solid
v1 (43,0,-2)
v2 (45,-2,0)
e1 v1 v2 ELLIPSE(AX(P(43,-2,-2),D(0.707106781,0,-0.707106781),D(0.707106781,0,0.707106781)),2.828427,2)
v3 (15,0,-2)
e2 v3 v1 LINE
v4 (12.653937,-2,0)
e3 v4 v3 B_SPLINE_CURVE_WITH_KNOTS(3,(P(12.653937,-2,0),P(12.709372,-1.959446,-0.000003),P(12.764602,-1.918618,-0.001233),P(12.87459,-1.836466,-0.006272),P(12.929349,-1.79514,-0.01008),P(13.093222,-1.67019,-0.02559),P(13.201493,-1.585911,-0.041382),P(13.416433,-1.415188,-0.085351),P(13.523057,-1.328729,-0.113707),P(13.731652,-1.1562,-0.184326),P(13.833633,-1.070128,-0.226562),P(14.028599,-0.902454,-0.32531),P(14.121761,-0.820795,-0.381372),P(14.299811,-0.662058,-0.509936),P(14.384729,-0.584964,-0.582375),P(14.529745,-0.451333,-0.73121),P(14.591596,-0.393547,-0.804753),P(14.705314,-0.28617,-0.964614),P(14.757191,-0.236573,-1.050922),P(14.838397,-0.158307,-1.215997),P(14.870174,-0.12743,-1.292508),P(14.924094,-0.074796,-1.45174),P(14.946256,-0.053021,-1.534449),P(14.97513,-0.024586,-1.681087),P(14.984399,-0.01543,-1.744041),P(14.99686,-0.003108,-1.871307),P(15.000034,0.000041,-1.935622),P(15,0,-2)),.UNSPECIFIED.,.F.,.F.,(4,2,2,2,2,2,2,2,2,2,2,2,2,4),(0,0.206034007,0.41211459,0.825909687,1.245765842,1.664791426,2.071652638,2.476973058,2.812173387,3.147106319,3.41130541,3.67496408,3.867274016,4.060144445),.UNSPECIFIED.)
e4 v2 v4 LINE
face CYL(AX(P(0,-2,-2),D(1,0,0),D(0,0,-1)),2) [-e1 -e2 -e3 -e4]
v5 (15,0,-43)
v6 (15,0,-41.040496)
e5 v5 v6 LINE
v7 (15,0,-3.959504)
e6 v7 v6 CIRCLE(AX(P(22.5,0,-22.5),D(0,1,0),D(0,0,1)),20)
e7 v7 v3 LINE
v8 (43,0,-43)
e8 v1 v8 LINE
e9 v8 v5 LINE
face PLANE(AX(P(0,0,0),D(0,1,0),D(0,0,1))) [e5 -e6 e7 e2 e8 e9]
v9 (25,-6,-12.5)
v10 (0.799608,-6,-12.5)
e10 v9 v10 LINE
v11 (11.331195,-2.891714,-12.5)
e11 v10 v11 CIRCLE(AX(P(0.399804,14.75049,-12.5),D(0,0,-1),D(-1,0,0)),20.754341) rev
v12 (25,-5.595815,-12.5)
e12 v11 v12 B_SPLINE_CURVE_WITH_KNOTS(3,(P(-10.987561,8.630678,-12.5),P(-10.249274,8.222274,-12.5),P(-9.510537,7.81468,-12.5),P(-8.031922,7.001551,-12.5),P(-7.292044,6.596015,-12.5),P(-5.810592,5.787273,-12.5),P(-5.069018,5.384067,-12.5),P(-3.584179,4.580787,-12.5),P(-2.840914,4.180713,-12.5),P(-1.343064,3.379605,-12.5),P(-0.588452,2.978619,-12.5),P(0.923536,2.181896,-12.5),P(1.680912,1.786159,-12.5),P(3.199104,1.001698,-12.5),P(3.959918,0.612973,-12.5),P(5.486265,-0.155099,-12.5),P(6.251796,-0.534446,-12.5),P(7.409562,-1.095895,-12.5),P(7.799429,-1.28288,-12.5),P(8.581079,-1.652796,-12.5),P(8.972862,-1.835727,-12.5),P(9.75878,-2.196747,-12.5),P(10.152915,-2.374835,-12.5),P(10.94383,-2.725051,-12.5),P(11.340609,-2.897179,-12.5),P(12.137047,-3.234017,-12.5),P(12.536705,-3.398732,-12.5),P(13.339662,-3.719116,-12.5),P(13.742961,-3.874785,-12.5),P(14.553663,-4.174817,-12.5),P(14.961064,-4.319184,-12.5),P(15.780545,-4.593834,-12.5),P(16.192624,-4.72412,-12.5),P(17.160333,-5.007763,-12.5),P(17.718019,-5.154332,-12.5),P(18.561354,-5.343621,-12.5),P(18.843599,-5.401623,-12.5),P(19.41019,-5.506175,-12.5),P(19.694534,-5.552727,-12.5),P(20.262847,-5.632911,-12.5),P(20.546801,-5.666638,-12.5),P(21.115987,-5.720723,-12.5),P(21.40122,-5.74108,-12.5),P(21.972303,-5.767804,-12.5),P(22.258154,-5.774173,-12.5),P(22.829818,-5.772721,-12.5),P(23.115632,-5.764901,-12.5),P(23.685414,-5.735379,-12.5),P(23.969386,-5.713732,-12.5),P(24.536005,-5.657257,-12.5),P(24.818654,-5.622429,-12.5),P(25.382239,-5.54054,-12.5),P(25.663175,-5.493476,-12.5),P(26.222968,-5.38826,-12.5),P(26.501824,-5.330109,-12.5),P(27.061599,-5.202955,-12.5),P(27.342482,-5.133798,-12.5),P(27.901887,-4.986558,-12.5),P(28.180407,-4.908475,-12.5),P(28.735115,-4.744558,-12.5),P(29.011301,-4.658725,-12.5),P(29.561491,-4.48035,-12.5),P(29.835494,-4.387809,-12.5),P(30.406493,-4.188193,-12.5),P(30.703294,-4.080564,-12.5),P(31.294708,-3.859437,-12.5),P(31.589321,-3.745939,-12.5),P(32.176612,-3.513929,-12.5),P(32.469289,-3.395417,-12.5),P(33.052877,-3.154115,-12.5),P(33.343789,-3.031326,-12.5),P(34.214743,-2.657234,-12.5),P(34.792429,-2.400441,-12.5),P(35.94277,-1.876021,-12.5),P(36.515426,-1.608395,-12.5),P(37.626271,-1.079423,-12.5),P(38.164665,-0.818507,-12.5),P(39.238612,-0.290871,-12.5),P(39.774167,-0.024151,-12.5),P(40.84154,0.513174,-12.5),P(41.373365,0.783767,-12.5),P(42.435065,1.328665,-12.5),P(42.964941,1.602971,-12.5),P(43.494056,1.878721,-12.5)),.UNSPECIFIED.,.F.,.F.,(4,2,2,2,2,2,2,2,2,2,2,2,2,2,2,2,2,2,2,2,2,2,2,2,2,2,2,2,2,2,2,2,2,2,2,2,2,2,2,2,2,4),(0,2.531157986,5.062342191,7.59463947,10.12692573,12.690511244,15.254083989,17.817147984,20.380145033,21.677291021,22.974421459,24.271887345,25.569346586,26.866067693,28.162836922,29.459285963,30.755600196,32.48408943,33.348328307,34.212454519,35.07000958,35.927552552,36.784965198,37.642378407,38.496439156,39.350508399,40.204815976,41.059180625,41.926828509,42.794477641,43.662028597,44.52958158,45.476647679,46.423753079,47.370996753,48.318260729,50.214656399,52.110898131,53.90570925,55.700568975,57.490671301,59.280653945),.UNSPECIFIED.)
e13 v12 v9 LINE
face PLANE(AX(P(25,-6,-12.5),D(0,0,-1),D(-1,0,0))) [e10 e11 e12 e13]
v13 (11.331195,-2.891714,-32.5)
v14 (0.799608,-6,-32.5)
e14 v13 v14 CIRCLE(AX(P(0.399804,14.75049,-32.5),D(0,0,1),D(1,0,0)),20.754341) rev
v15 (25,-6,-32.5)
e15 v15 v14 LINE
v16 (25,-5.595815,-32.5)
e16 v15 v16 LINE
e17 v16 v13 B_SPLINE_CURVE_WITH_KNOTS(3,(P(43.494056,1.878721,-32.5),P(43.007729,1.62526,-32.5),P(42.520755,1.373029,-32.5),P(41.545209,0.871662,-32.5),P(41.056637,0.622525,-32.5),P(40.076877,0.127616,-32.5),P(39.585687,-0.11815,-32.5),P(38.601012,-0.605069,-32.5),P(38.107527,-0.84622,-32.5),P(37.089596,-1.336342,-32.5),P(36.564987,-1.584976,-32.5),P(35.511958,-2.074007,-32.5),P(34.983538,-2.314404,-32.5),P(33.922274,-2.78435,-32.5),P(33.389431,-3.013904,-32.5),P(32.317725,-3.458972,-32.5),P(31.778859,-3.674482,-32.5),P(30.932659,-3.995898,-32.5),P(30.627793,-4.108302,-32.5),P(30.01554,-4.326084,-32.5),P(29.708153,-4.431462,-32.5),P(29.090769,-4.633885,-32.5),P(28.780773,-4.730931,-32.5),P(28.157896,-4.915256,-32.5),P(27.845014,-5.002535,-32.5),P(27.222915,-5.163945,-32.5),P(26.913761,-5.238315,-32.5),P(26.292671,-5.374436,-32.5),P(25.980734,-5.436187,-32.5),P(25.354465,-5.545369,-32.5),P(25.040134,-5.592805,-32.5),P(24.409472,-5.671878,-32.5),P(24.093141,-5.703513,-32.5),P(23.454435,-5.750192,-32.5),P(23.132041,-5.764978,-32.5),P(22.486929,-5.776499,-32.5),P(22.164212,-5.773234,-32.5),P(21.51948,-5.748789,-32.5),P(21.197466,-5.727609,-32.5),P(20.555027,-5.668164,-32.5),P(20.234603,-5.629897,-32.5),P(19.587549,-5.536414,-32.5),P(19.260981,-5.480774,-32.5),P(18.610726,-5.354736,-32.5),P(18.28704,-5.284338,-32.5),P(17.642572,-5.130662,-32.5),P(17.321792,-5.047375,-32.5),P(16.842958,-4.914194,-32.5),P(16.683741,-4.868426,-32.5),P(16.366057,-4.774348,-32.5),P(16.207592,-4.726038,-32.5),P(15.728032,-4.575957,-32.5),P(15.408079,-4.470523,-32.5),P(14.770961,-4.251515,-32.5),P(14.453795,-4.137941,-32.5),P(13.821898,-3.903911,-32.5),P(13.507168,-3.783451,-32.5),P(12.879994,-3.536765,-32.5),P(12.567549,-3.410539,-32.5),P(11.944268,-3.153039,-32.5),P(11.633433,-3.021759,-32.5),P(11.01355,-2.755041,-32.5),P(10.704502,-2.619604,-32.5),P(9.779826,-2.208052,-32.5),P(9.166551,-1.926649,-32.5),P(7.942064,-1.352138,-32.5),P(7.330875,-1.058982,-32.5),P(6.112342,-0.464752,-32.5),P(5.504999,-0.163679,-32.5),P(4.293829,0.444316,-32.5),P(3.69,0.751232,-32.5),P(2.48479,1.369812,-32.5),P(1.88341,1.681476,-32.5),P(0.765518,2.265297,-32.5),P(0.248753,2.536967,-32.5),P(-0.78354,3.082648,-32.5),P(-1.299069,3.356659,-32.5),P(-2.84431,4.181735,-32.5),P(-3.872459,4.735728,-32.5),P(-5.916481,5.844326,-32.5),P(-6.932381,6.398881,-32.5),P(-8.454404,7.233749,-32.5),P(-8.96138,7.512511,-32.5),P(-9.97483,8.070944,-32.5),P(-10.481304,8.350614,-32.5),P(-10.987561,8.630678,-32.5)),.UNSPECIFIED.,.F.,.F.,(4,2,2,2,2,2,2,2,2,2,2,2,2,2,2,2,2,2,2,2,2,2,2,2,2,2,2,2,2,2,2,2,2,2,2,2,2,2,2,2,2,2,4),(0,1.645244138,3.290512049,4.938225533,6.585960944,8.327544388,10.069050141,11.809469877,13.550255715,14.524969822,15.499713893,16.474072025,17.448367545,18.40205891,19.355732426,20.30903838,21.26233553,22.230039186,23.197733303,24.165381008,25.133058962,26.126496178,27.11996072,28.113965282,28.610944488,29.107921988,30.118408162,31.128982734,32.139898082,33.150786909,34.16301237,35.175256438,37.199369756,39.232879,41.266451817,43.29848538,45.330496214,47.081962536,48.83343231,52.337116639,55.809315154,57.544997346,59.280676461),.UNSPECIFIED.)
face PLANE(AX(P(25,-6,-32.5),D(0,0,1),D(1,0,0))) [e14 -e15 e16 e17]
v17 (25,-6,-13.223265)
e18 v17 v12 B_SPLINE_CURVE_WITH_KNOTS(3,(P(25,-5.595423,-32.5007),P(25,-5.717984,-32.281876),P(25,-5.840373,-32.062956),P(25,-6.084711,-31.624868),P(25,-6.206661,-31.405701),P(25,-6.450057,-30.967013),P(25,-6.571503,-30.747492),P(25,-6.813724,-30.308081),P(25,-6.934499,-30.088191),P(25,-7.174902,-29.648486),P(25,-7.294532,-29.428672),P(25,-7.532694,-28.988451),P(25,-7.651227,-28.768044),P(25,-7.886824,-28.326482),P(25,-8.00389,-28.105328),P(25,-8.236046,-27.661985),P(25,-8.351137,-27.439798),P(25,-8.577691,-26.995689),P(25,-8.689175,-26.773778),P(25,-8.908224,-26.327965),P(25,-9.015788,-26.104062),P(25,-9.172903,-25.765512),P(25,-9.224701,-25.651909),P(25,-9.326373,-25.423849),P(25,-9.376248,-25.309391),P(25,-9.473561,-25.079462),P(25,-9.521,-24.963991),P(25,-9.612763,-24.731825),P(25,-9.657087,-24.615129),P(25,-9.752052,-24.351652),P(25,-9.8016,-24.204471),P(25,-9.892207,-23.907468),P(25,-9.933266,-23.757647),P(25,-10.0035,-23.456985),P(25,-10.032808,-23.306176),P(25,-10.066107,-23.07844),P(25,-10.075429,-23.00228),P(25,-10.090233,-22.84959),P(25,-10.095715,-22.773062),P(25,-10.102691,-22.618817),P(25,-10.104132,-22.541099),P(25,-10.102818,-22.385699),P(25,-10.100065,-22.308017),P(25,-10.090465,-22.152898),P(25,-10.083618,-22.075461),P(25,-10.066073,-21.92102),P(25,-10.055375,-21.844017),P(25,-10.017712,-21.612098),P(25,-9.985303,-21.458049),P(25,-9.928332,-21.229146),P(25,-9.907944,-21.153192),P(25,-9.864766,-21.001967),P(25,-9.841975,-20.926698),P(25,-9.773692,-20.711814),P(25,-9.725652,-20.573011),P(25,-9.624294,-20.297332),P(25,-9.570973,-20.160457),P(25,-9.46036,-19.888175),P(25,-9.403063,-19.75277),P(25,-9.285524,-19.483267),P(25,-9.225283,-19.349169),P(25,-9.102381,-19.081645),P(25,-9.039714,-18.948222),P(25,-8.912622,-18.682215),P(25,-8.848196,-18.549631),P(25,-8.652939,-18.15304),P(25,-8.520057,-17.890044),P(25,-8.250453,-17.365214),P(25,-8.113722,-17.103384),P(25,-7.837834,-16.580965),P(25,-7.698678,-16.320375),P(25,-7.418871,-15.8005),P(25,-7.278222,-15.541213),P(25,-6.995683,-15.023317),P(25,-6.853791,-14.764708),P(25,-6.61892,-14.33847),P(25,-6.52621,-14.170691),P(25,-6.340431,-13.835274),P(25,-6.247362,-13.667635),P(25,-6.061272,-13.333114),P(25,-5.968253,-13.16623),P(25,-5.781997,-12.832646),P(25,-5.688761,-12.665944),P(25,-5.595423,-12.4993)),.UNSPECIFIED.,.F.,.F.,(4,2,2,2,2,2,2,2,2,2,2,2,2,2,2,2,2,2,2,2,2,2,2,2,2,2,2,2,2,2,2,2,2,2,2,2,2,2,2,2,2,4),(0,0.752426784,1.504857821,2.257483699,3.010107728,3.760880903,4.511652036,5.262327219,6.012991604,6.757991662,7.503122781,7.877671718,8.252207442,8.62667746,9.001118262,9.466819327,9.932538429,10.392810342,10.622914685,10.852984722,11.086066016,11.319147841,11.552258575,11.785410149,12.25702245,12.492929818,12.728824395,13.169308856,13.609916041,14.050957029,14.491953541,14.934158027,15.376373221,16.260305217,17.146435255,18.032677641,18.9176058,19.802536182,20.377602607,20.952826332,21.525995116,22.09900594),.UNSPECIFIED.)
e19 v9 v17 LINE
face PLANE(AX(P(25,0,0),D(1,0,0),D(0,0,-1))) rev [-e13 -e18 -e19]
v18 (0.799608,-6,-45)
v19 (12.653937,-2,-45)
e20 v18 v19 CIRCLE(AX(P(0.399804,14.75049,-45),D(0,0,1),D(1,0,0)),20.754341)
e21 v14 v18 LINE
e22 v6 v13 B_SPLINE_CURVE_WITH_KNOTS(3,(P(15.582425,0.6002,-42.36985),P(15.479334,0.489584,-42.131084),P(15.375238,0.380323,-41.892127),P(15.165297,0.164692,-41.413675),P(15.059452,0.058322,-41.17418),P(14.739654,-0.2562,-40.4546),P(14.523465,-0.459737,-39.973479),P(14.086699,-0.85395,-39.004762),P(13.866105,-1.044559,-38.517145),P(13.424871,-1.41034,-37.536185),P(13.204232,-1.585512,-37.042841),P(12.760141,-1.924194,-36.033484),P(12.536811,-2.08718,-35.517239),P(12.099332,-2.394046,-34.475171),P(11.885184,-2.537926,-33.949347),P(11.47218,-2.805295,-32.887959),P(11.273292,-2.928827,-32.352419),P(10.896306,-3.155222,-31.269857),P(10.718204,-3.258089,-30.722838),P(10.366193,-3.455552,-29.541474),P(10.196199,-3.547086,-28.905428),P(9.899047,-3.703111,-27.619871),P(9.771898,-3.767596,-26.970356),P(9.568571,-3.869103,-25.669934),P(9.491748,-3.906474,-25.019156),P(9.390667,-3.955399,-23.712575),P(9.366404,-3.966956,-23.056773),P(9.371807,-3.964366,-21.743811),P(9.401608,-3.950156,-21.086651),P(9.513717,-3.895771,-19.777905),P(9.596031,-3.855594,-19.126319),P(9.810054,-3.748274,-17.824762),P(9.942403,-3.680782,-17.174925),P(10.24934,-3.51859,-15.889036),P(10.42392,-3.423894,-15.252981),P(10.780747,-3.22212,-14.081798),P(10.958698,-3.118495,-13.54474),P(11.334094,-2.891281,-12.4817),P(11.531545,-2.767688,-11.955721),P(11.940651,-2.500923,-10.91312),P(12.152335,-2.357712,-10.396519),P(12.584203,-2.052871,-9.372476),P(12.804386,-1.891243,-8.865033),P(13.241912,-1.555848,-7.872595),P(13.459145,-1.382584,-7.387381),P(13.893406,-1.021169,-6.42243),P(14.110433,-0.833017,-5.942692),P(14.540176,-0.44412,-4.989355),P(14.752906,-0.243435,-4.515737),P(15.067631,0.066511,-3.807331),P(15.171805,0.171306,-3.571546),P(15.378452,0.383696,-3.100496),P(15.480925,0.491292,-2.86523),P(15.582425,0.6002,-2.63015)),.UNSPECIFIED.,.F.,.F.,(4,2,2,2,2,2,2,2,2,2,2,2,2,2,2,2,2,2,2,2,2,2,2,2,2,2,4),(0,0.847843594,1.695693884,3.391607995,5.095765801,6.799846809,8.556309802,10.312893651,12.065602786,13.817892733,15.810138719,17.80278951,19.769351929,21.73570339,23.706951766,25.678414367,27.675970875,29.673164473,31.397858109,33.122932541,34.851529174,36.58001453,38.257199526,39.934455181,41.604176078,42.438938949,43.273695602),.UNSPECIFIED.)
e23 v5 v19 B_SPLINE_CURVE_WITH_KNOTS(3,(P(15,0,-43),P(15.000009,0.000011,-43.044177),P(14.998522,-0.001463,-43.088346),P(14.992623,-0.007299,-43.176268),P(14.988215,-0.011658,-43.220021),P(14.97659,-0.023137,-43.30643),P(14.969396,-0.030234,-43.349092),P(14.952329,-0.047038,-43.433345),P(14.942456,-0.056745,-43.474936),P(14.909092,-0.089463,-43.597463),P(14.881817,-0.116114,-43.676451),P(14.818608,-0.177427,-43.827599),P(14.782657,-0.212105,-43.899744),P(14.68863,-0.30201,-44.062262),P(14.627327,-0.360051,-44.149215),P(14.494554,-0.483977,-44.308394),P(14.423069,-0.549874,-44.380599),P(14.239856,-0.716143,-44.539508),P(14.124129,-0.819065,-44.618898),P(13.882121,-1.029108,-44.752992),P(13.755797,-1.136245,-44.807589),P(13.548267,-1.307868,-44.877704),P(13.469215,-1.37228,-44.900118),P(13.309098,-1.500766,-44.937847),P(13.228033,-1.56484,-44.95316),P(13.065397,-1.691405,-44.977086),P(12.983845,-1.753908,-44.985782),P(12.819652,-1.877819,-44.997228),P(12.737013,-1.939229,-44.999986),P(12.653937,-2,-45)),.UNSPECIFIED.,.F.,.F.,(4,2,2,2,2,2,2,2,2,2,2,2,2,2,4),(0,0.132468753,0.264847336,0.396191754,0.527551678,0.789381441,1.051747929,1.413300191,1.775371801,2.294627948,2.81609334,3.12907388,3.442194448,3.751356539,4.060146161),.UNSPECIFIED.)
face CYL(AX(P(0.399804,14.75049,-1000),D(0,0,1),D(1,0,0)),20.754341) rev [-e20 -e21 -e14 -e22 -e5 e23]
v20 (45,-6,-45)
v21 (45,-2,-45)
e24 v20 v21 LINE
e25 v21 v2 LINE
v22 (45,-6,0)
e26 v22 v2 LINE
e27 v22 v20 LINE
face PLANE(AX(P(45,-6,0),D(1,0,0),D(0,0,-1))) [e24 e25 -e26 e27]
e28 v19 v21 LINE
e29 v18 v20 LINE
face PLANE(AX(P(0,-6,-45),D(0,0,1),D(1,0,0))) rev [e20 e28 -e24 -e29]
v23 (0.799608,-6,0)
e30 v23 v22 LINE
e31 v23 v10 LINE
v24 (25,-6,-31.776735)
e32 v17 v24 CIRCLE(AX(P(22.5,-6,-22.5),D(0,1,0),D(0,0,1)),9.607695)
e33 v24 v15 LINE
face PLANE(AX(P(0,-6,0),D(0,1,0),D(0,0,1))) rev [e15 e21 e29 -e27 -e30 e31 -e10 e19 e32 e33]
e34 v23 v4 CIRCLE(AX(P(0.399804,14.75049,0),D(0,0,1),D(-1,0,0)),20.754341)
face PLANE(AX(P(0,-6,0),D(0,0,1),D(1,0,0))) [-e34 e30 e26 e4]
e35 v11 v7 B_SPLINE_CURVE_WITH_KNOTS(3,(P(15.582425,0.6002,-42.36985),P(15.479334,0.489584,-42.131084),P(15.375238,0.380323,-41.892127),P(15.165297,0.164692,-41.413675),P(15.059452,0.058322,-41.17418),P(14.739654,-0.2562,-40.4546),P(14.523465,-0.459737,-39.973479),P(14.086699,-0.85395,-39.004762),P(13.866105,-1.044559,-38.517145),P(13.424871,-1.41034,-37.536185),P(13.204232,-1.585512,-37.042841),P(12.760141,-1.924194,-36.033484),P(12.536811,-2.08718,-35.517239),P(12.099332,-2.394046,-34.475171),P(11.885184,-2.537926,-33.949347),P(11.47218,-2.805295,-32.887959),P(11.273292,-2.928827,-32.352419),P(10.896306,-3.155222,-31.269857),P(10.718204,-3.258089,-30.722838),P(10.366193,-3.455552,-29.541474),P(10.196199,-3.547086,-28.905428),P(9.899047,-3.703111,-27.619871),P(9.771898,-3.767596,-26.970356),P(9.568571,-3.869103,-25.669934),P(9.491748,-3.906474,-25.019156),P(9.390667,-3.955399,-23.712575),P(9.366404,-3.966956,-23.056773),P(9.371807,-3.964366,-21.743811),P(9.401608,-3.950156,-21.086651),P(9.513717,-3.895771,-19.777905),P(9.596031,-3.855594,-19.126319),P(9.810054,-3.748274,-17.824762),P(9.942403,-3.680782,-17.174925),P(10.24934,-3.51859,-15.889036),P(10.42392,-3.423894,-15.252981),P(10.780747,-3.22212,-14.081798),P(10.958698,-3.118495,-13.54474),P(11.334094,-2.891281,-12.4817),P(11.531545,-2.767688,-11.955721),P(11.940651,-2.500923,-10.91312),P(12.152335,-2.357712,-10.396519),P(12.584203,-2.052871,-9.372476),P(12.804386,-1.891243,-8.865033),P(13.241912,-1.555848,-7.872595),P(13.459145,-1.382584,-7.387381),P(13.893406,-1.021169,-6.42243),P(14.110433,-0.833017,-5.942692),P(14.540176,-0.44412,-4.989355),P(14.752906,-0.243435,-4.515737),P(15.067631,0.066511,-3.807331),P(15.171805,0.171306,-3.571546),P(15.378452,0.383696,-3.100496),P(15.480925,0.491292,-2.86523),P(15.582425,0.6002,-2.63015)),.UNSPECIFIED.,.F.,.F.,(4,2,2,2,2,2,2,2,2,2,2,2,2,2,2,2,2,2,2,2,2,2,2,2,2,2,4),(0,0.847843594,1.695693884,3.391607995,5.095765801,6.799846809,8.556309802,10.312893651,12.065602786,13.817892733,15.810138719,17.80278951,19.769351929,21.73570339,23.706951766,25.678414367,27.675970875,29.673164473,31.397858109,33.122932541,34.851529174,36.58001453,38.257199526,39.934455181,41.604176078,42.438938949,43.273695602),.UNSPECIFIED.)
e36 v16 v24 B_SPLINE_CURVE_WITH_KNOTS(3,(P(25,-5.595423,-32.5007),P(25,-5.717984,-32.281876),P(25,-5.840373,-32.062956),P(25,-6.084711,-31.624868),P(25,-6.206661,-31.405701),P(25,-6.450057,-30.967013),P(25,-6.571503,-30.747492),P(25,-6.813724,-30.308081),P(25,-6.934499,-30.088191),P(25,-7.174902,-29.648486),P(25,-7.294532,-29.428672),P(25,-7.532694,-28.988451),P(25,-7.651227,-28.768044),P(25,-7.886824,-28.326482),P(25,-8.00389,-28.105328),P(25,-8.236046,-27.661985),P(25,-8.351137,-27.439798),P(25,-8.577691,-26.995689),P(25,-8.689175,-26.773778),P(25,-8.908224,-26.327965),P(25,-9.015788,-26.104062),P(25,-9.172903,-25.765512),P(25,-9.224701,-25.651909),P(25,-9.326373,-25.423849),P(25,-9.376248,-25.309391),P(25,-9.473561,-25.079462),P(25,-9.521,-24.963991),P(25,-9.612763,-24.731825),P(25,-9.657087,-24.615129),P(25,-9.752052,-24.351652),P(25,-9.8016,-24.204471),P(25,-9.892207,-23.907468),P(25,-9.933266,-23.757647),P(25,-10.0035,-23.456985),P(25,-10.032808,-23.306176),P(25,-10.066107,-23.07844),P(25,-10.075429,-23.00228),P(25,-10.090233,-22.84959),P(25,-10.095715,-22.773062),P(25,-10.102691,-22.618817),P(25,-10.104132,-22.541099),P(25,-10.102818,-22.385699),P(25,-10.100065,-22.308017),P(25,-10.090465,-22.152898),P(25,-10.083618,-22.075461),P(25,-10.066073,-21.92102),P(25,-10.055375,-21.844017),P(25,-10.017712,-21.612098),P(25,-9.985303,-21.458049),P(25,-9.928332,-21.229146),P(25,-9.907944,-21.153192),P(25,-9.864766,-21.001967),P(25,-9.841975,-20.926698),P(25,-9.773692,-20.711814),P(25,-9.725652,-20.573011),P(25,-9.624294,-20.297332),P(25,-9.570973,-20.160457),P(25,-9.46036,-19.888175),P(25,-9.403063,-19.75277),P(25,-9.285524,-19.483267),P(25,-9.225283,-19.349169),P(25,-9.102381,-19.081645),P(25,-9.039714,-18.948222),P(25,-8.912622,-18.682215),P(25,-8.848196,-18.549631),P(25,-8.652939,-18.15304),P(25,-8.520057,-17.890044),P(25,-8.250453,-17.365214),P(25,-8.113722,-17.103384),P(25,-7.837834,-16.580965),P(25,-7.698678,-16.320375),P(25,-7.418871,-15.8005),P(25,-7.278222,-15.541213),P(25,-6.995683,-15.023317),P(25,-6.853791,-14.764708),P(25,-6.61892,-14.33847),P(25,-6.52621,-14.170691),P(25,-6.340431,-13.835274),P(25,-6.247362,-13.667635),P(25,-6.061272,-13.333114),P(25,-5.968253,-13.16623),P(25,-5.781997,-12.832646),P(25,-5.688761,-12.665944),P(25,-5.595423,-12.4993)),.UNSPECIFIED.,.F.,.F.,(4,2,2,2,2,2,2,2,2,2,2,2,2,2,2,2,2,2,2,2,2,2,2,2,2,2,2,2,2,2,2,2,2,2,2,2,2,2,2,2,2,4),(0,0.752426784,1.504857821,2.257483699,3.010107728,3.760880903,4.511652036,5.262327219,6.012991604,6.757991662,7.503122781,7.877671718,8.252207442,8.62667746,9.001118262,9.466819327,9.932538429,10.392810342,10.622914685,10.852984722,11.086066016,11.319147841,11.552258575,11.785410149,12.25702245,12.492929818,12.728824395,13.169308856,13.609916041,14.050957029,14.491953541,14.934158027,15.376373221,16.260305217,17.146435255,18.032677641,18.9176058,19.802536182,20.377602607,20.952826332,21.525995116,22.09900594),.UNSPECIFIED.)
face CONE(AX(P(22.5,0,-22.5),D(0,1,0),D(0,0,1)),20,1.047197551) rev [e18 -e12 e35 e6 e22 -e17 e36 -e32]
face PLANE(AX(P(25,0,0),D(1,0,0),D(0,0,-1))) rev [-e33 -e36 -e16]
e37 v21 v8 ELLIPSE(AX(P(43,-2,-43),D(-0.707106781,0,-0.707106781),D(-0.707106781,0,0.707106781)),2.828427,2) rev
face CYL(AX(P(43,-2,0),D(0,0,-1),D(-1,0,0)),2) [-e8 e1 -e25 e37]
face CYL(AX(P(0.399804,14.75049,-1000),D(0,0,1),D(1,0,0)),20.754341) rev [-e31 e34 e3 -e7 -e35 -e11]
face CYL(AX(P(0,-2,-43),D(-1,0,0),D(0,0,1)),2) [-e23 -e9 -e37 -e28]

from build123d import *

# Parameters (mm, degrees)
SKETCH1_W           = 45
SKETCH1_H           = 45
BOSS_EXTRUDE1_DEPTH = 6
SKETCH2_R           = 20
CUT_EXTRUDE1_DEPTH  = 6
CUT_EXTRUDE1_DRAFT  = -60
FILLET2_R           = 2
CUT_EXTRUDE2_DEPTH  = 1000
SKETCH5_W           = 20
SKETCH5_H           = 6
CUT_EXTRUDE3_DEPTH  = 25


with BuildPart() as part:
    # Sketch1 → Boss-Extrude1 (new body)
    with BuildSketch(Plane(origin=(0, 0, 0), x_dir=(1, 0, 0), z_dir=(0, 1, 0))):
        with Locations((22.5, 22.5)):
            Rectangle(SKETCH1_W, SKETCH1_H)
    extrude(amount=-BOSS_EXTRUDE1_DEPTH)


with BuildPart() as cut_extrude1_tool:
    # Sketch2 → Cut-Extrude1 (with draft: the straight prism first)
    with BuildSketch(Plane(origin=(0, 0, 0), x_dir=(1, 0, 0), z_dir=(0, 1, 0))):
        with Locations((22.5, 22.5)):
            Circle(SKETCH2_R)
    extrude(amount=-CUT_EXTRUDE1_DEPTH)
    # Cut-Extrude1: the draft: its side faces are tilted about the plane it starts from
    cut_extrude1_sides = [cut_extrude1_tool.faces().sort_by_distance(p)[0] for p in [
        (2.5, -3, -22.5),
    ]]
    draft(cut_extrude1_sides, Plane(origin=(0, 0, 0), x_dir=(1, 0, 0), z_dir=(0, 1, 0)), CUT_EXTRUDE1_DRAFT)


with BuildPart() as part_1:
    add(part.part)

    # Cut-Extrude1: cut by cut_extrude1_tool
    add(cut_extrude1_tool.part, mode=Mode.SUBTRACT)

    # Fillet2
    fillet2_edges = [part_1.edges().sort_by_distance(p)[0] for p in [
        (22.5, 0, -45),
        (45, 0, -22.5),
        (22.5, 0, 0),
    ]]
    fillet(fillet2_edges, radius=FILLET2_R)

    # Sketch4 → Cut-Extrude2 (cut)
    with BuildSketch(Plane.XY):
        with BuildLine():
            Line((0, 0), (15, 0))
            ThreePointArc((15, 0), (8.107772818, -4.519432044), (0, -6))
            Line((0, -6), (0, 0))
        make_face()
    extrude(amount=-CUT_EXTRUDE2_DEPTH, mode=Mode.SUBTRACT)

    # Sketch5 → Cut-Extrude3 (cut)
    with BuildSketch(Plane(origin=(0, 0, 0), x_dir=(0, 0, -1), z_dir=(1, 0, 0))):
        with Locations((22.5, -3)):
            Rectangle(SKETCH5_W, SKETCH5_H)
    extrude(amount=CUT_EXTRUDE3_DEPTH, mode=Mode.SUBTRACT)


solid = part_1.part
